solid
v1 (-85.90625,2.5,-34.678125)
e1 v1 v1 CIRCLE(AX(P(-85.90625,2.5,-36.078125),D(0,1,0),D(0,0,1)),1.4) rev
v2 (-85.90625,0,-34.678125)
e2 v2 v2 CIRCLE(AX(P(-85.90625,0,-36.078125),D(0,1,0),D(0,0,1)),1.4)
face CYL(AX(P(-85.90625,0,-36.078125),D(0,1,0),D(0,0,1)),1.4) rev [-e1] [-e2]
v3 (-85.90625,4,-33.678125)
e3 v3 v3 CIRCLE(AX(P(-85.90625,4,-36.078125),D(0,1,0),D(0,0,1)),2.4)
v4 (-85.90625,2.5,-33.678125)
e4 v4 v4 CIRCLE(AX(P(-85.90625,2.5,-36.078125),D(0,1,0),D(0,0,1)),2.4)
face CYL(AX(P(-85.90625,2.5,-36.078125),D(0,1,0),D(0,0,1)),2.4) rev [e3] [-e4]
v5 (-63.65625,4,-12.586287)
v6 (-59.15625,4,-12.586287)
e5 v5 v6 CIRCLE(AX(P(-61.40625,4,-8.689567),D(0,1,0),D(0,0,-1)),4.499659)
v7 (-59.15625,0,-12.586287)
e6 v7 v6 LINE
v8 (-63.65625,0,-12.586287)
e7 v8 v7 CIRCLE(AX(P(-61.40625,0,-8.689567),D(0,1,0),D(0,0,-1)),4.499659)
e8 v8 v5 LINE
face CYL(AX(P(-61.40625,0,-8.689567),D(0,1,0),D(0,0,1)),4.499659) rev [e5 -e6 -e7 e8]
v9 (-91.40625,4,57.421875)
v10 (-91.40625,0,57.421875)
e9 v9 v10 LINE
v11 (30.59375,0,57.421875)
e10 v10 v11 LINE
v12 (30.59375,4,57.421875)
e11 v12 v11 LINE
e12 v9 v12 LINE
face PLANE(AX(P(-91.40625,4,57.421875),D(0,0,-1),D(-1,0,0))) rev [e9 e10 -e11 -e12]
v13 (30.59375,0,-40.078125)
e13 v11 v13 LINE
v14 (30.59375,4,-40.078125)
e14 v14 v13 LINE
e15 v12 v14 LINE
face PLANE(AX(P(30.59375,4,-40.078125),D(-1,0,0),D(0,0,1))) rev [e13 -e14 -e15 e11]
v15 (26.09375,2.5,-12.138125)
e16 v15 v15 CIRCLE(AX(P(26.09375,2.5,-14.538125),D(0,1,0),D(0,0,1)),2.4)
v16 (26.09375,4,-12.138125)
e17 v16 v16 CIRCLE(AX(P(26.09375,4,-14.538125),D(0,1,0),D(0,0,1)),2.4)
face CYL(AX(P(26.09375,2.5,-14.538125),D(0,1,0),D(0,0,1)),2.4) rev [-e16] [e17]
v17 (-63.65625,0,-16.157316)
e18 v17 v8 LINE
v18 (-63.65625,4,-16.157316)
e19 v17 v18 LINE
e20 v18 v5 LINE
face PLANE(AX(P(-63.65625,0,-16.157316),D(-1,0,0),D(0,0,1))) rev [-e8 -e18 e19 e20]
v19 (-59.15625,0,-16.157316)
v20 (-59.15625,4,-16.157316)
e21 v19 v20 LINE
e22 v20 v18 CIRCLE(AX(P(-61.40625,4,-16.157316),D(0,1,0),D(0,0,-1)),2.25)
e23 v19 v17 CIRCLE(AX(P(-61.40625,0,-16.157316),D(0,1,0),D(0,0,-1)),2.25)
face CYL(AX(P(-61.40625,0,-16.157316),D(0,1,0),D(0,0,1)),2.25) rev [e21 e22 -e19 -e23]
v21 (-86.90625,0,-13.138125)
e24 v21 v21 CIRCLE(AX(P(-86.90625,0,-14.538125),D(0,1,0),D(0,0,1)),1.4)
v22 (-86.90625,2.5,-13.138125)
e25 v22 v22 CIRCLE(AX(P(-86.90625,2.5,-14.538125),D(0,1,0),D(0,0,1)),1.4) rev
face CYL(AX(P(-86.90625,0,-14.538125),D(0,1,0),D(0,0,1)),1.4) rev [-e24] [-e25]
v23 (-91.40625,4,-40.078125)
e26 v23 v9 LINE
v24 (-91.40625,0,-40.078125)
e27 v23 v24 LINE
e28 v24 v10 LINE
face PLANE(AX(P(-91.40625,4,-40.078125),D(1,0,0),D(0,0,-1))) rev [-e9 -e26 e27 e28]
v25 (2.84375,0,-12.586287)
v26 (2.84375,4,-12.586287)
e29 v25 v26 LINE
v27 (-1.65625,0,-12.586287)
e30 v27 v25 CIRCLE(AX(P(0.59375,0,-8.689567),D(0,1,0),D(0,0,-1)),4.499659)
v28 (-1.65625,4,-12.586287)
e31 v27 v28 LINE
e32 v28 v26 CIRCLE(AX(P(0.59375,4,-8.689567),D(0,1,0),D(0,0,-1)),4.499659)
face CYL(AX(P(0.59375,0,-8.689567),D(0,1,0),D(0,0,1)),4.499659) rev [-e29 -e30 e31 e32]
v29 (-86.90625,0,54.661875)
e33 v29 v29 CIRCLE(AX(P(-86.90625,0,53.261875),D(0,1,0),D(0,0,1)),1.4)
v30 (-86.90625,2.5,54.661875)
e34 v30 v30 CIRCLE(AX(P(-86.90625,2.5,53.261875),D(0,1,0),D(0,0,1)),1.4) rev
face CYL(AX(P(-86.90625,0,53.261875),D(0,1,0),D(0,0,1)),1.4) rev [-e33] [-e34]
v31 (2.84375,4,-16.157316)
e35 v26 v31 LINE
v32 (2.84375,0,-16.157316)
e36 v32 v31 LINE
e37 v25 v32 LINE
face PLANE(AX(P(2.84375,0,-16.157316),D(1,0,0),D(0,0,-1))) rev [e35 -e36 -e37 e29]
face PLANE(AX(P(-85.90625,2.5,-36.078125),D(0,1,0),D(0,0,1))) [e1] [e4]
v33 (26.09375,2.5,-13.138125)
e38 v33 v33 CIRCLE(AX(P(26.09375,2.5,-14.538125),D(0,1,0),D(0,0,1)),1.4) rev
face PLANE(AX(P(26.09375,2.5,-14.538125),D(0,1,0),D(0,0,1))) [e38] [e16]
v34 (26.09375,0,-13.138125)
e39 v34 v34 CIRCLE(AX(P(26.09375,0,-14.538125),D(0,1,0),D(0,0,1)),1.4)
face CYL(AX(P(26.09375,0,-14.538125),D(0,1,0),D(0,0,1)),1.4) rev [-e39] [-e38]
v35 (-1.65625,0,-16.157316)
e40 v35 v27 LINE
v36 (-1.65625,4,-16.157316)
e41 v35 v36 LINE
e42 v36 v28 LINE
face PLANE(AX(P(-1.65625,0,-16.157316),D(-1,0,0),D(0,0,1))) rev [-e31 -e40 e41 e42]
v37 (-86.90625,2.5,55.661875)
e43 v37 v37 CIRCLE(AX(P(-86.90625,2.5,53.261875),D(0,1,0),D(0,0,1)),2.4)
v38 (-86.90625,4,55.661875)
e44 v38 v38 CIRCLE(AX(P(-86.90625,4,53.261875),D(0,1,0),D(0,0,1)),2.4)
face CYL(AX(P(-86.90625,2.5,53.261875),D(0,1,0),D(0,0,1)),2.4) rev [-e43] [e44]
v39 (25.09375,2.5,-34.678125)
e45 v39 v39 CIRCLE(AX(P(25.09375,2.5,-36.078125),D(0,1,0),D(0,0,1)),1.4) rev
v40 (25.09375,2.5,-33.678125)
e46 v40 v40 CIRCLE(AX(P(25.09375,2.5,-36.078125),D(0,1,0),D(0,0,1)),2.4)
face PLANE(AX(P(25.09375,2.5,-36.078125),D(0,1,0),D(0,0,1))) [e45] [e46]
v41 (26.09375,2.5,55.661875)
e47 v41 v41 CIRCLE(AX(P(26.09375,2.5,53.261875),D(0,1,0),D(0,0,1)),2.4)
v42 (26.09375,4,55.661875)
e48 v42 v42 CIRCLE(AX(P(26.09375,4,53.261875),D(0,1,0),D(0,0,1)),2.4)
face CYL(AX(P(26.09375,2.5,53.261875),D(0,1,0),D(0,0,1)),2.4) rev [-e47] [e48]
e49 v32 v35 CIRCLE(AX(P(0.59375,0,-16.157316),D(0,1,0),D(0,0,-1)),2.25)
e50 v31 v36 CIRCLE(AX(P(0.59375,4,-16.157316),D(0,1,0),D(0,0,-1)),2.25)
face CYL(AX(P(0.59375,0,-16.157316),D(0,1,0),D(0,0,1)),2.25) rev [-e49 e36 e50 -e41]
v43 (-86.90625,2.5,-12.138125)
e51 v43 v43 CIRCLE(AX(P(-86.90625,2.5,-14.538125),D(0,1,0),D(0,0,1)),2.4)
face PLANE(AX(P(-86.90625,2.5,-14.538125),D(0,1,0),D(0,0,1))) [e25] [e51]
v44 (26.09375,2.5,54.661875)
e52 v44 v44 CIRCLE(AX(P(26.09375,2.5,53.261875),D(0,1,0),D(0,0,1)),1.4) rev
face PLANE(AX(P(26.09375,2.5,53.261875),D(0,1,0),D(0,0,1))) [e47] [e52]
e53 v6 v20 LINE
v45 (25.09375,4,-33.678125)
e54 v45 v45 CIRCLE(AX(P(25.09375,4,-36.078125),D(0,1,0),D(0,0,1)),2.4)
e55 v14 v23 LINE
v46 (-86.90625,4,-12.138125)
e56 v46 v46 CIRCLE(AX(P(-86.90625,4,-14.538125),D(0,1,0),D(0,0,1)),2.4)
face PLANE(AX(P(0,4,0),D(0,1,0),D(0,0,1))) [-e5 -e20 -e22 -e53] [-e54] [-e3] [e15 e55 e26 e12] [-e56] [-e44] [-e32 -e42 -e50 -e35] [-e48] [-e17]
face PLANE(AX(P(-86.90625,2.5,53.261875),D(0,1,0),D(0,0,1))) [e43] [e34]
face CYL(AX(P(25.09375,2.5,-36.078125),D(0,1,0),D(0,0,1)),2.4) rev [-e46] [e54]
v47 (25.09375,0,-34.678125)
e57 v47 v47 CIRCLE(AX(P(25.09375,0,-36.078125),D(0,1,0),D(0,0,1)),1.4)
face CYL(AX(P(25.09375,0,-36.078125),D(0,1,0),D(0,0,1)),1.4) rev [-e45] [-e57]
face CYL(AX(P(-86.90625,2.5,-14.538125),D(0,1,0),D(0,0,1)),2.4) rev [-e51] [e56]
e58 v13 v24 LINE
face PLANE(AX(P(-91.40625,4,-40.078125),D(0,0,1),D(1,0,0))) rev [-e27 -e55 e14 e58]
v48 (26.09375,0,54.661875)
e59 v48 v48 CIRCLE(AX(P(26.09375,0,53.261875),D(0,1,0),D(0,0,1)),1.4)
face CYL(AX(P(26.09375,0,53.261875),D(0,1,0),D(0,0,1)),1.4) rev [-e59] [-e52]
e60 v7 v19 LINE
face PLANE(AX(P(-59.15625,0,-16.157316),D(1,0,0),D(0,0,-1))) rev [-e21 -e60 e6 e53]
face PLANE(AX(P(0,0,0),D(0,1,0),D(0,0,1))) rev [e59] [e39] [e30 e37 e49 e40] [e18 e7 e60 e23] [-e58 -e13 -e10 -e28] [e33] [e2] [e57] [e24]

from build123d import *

# Parameters (mm, degrees)
SKETCH1_W           = 122
SKETCH1_H           = 97.5
BOSS_EXTRUDE1_DEPTH = 4
SKETCH2_R           = 1.4
CUT_EXTRUDE1_DEPTH  = 4
SKETCH3_R           = 2.4
CUT_EXTRUDE2_DEPTH  = 1.5
CUT_EXTRUDE3_DEPTH  = 4


with BuildPart() as part:
    # Sketch1 → Boss-Extrude1 (new body)
    with BuildSketch(Plane(origin=(0, 0, 0), x_dir=(1, 0, 0), z_dir=(0, 1, 0))):
        with Locations((-30.40625, -8.671875)):
            Rectangle(SKETCH1_W, SKETCH1_H)
    extrude(amount=BOSS_EXTRUDE1_DEPTH)

    # Sketch2 → Cut-Extrude1 (cut)
    with BuildSketch(Plane(origin=(0, 4, 0), x_dir=(1, 0, 0), z_dir=(0, 1, 0))):
        with Locations(Location((-86.90625, -53.261875, 0), (0, 0, 270))):
            Circle(SKETCH2_R)
        with Locations(Location((-86.90625, 14.538125, 0), (0, 0, 270))):
            Circle(SKETCH2_R)
        with Locations(Location((26.09375, 14.538125, 0), (0, 0, 270))):
            Circle(SKETCH2_R)
        with Locations(Location((26.09375, -53.261875, 0), (0, 0, 270))):
            Circle(SKETCH2_R)
        with Locations(Location((-85.90625, 36.078125, 0), (0, 0, 270))):
            Circle(SKETCH2_R)
        with Locations(Location((25.09375, 36.078125, 0), (0, 0, 270))):
            Circle(SKETCH2_R)
    extrude(amount=-CUT_EXTRUDE1_DEPTH, mode=Mode.SUBTRACT)

    # Sketch3 → Cut-Extrude2 (cut)
    with BuildSketch(Plane(origin=(0, 4, 0), x_dir=(1, 0, 0), z_dir=(0, 1, 0))):
        with Locations(Location((-86.90625, 14.538125, 0), (0, 0, 270))):
            Circle(SKETCH3_R)
        with Locations(Location((-86.90625, -53.261875, 0), (0, 0, 270))):
            Circle(SKETCH3_R)
        with Locations(Location((26.09375, -53.261875, 0), (0, 0, 270))):
            Circle(SKETCH3_R)
        with Locations(Location((26.09375, 14.538125, 0), (0, 0, 270))):
            Circle(SKETCH3_R)
        with Locations(Location((-85.90625, 36.078125, 0), (0, 0, 270))):
            Circle(SKETCH3_R)
        with Locations(Location((25.09375, 36.078125, 0), (0, 0, 270))):
            Circle(SKETCH3_R)
    extrude(amount=-CUT_EXTRUDE2_DEPTH, mode=Mode.SUBTRACT)

    # Sketch4 → Cut-Extrude3 (cut)
    with BuildSketch(Plane(origin=(0, 4, 0), x_dir=(1, 0, 0), z_dir=(0, 1, 0))):
        with BuildLine():
            Line((-1.65625, 16.157315761), (-1.65625, 12.586287383))
            ThreePointArc((-1.65625, 12.586287383), (0.59375, 4.18990801), (2.84375, 12.586287383))
            Line((2.84375, 12.586287383), (2.84375, 16.157315761))
            ThreePointArc((2.84375, 16.157315761), (0.59375, 18.407315761), (-1.65625, 16.157315761))
        make_face()
        with BuildLine():
            Line((-63.65625, 16.157315761), (-63.65625, 12.586287383))
            ThreePointArc((-63.65625, 12.586287383), (-61.40625, 4.18990801), (-59.15625, 12.586287383))
            Line((-59.15625, 12.586287383), (-59.15625, 16.157315761))
            ThreePointArc((-59.15625, 16.157315761), (-61.40625, 18.407315761), (-63.65625, 16.157315761))
        make_face()
    extrude(amount=-CUT_EXTRUDE3_DEPTH, mode=Mode.SUBTRACT)


solid = part.part
